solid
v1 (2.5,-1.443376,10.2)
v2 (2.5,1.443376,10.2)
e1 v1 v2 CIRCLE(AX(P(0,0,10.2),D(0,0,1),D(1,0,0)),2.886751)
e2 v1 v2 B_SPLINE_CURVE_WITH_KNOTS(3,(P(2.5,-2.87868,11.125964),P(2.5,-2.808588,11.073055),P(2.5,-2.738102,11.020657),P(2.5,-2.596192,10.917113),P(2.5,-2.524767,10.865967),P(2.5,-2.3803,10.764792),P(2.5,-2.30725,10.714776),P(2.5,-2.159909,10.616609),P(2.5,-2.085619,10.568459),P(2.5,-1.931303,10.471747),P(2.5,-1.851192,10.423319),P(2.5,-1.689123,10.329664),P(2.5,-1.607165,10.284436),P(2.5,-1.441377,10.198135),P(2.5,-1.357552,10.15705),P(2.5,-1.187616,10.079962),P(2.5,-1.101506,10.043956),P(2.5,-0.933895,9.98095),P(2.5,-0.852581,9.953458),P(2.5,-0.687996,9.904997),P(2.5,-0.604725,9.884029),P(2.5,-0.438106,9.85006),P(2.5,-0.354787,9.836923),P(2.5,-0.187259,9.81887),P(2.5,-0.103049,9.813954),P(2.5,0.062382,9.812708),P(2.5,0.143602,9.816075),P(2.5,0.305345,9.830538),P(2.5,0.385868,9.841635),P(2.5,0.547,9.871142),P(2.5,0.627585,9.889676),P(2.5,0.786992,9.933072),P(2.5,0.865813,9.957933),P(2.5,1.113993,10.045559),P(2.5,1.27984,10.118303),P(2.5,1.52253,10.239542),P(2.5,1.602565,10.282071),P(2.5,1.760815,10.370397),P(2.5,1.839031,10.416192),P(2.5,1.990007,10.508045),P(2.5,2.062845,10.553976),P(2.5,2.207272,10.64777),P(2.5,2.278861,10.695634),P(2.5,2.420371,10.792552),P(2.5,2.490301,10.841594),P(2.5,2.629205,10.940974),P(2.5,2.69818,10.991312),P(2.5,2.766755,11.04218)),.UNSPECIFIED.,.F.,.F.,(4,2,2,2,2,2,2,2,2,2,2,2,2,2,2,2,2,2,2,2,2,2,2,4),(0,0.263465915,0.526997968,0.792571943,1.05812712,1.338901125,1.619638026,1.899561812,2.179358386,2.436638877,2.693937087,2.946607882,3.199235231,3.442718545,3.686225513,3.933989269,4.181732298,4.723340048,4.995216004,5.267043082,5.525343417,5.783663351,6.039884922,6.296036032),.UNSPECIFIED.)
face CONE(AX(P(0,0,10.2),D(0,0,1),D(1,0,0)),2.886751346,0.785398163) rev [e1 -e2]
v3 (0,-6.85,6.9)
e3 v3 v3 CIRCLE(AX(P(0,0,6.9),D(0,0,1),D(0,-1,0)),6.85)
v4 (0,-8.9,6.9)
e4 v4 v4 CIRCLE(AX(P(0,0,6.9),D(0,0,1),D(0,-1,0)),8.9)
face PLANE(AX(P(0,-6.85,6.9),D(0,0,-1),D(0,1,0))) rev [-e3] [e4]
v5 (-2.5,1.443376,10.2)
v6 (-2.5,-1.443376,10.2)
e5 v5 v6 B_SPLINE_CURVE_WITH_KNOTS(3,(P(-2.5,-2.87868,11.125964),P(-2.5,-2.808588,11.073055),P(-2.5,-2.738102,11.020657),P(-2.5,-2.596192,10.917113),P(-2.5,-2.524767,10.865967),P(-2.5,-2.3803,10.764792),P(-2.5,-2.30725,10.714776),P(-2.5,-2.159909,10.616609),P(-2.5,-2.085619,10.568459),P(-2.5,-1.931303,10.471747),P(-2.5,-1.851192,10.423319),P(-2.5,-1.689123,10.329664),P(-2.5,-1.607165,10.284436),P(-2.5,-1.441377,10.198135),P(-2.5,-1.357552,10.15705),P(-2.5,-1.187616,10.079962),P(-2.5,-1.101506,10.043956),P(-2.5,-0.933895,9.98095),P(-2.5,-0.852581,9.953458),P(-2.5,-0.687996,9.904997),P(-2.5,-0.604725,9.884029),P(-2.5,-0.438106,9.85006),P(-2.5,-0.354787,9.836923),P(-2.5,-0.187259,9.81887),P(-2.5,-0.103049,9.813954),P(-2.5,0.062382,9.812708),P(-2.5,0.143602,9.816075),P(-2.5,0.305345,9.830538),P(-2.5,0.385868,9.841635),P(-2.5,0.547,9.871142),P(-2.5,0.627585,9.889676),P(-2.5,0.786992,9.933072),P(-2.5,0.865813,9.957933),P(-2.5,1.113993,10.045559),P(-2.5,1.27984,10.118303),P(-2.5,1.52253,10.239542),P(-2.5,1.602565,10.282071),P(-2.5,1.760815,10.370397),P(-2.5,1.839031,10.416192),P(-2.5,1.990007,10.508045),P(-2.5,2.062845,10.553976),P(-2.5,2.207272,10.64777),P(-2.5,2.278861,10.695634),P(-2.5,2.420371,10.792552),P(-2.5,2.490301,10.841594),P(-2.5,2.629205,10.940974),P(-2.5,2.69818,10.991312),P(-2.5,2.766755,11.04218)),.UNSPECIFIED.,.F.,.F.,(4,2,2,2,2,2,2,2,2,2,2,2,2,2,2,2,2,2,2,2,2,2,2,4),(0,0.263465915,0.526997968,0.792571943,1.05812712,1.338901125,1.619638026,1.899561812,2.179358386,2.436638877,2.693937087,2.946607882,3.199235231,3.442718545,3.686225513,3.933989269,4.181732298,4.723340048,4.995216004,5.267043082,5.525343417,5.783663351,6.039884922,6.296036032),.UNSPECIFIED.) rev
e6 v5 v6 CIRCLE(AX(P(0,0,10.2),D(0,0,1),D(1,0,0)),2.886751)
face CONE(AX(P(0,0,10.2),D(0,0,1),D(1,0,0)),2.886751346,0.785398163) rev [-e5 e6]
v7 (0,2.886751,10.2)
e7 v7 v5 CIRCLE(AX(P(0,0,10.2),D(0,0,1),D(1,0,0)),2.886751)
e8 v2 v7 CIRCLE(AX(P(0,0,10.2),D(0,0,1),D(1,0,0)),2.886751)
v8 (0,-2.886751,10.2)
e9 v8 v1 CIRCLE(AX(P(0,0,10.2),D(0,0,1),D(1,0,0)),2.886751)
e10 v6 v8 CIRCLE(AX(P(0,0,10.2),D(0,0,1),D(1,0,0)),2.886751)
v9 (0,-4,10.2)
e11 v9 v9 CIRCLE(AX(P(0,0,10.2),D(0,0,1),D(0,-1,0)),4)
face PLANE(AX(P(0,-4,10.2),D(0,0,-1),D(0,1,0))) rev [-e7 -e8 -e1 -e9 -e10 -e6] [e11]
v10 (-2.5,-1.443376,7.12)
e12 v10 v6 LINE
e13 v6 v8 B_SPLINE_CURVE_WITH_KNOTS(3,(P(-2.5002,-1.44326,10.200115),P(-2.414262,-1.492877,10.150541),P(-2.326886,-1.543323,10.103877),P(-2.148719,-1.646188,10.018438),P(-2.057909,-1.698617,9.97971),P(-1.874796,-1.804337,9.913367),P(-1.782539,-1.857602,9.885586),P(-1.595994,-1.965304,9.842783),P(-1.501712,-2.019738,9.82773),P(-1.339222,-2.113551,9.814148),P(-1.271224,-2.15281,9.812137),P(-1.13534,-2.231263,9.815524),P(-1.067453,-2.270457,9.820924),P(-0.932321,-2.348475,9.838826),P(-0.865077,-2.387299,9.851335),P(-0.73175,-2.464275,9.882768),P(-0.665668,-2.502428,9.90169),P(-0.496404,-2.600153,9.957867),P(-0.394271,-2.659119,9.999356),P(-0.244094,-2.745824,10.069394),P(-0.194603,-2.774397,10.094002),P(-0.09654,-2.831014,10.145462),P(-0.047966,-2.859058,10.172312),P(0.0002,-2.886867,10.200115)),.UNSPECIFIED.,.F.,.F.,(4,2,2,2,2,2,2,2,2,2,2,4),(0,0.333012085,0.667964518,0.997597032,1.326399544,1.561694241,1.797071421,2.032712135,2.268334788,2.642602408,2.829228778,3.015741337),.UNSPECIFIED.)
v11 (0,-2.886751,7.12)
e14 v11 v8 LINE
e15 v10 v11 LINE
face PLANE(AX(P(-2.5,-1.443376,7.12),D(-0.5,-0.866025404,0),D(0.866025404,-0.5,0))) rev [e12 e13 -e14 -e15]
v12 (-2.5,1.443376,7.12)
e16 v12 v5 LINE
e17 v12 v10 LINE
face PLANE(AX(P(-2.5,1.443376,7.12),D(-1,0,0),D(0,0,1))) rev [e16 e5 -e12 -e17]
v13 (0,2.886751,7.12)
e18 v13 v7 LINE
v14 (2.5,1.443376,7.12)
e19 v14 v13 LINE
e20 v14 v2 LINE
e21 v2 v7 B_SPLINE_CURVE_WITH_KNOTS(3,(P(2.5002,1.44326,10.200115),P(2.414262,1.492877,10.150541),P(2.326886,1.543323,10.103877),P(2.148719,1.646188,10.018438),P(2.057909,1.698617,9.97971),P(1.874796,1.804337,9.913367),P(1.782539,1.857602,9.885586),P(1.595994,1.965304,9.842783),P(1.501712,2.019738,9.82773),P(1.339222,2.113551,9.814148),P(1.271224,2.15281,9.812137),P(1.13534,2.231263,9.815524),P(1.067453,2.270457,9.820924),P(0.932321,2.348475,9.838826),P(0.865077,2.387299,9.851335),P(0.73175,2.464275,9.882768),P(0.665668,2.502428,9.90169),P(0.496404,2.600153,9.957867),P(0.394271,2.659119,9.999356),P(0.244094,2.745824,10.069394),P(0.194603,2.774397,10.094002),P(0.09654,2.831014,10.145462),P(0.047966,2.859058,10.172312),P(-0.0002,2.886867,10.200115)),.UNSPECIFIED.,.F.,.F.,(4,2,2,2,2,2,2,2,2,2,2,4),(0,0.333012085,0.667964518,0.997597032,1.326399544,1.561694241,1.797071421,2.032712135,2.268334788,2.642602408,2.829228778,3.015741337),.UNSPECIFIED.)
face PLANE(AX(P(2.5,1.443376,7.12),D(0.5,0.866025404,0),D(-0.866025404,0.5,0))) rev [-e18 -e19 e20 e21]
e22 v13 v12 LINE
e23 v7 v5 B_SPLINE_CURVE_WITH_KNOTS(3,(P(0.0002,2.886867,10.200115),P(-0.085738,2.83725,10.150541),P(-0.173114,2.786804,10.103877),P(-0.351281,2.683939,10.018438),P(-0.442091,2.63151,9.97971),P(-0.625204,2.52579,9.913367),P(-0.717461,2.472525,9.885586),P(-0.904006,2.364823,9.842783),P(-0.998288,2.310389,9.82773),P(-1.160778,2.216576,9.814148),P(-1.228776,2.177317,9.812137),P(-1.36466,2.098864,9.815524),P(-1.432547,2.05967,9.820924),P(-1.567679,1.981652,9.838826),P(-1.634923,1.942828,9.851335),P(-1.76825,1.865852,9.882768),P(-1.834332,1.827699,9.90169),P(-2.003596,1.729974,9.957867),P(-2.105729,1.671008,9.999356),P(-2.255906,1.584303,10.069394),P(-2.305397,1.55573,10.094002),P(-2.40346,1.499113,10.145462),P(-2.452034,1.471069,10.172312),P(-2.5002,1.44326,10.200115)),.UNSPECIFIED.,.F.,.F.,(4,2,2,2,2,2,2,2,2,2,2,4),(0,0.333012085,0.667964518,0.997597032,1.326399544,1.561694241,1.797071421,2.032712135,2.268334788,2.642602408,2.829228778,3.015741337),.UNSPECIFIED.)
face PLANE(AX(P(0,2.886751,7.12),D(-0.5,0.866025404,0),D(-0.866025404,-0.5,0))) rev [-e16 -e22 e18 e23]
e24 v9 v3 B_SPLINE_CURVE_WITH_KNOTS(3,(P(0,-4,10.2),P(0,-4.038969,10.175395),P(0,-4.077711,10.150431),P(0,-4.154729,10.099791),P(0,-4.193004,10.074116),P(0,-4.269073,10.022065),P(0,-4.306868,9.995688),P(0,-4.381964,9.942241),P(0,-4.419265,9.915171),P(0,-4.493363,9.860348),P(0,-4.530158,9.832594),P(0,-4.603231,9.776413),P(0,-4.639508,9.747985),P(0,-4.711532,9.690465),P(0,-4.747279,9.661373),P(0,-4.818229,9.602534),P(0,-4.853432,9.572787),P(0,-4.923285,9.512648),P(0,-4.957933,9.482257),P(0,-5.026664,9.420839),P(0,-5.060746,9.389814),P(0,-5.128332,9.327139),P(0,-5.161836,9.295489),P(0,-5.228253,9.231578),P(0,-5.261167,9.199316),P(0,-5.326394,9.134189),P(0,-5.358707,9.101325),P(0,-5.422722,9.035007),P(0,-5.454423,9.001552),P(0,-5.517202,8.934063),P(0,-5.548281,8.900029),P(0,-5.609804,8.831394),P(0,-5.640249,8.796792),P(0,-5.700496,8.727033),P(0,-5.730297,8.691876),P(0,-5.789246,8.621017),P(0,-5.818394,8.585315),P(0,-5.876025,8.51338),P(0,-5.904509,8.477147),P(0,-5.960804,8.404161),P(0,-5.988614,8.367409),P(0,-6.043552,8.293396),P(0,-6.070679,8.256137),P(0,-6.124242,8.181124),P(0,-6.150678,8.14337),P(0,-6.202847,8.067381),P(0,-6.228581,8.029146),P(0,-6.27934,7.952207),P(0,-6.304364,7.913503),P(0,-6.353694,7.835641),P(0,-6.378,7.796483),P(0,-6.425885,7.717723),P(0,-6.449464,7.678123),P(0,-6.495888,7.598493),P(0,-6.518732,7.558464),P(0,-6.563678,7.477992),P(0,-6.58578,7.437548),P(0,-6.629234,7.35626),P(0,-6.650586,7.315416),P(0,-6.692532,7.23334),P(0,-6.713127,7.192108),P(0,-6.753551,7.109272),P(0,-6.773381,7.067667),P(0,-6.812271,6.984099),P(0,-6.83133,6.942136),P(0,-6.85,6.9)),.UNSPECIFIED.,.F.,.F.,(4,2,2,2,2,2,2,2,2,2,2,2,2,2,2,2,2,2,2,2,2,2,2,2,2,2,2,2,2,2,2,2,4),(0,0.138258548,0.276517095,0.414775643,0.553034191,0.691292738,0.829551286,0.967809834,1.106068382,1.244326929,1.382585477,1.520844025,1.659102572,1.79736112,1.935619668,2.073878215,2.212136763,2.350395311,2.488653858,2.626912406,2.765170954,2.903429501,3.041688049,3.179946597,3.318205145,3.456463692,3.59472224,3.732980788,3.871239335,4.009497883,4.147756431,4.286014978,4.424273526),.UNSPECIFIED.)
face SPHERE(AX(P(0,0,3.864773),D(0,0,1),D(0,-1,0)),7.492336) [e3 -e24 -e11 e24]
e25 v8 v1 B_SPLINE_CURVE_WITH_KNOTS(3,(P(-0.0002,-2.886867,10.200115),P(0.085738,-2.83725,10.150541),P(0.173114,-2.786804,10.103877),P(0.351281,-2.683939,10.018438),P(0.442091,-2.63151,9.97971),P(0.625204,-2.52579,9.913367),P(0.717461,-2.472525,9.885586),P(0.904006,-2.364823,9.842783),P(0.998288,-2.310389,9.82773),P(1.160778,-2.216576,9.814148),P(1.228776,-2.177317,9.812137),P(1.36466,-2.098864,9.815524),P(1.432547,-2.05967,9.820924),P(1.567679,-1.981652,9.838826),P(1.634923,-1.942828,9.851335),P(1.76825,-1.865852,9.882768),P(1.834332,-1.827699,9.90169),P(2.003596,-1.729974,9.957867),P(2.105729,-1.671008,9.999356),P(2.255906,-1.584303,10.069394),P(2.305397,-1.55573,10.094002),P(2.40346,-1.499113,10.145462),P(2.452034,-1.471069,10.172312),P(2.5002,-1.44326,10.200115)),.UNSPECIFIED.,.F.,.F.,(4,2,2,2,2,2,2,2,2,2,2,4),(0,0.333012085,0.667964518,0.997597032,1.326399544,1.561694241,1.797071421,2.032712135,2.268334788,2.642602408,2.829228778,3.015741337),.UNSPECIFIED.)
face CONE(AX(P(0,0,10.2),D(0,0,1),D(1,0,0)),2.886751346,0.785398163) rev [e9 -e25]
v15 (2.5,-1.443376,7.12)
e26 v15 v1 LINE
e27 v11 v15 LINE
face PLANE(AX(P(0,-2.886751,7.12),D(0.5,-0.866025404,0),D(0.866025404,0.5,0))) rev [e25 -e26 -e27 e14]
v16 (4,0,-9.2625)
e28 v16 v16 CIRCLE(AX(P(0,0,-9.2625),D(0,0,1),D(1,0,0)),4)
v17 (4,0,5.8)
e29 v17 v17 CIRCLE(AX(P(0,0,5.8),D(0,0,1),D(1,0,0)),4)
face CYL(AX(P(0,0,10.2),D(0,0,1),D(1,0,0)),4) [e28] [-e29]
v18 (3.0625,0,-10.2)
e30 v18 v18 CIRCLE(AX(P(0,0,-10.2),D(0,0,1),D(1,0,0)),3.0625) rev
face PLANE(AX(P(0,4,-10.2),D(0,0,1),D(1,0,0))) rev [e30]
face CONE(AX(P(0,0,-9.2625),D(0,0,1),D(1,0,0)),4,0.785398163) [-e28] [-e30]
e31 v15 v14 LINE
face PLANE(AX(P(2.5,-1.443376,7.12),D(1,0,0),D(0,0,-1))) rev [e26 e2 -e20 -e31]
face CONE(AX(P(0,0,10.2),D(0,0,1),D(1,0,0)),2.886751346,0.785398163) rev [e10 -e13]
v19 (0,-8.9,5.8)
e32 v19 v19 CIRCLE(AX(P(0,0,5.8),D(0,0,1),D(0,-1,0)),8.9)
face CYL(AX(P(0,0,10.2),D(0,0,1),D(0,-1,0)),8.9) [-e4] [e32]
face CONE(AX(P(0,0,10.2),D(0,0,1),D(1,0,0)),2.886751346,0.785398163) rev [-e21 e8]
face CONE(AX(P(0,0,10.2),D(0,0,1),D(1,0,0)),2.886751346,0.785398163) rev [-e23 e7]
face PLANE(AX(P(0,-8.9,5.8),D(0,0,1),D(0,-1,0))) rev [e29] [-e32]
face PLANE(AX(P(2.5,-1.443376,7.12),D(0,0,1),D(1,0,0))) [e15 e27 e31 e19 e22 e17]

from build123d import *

# Parameters (mm, degrees)
SKETCH13_W         = 16
SKETCH13_H         = 4
CHAMFER1_SIZE      = 0.9375
CUT_EXTRUDE2_DEPTH = 3.08


with BuildPart() as part:
    # Sketch13 → Revolve1 (revolve)
    with BuildSketch(Plane(origin=(0, 0, 0), x_dir=(0, 0, -1), z_dir=(1, 0, 0))):
        with Locations((2.2, 2)):
            Rectangle(SKETCH13_W, SKETCH13_H)
    revolve(axis=Axis((0, 0, 10.2), (0, 0, -1)))

    # Chamfer1
    chamfer1_edges = [part.edges().sort_by_distance(p)[0] for p in [
        (0, -4, -10.2),
    ]]
    chamfer(chamfer1_edges, length=CHAMFER1_SIZE)

    # Sketch7 → Revolve2 (revolve)
    with BuildSketch(Plane(origin=(0, 0, 0), x_dir=(0, 0, -1), z_dir=(1, 0, 0))):
        with BuildLine():
            Line((-5.8, 6.85), (-5.8, 0))
            Line((-5.8, 0), (-10.2, 0))
            Line((-10.2, 0), (-10.2, 4))
            ThreePointArc((-10.2, 4), (-8.761912668, 5.670372563), (-6.9, 6.85))
            Line((-6.9, 6.85), (-6.9, 8.9))
            Line((-6.9, 8.9), (-5.8, 8.9))
            Line((-5.8, 8.9), (-5.8, 6.85))
        make_face()
    revolve(axis=Axis((0, 0, 10.2), (0, 0, -1)))

    # Sketch5 → Cut-Extrude2 (cut)
    with BuildSketch(Plane.XY.offset(10.2)):
        Polygon((2.5, -1.443375673), (2.5, 1.443375673), (0, 2.886751346), (-2.5, 1.443375673), (-2.5, -1.443375673), (0, -2.886751346), align=None)
    extrude(amount=-CUT_EXTRUDE2_DEPTH, mode=Mode.SUBTRACT)

    # Cut-Extrude3 cone 1 section (through the dimple's axis) → Cut-Extrude3 (revolve, cut)
    with BuildSketch(Plane(origin=(0, 0, 10.2), x_dir=(0, -1, 0), z_dir=(1, 0, 0))):
        Polygon((0, 0), (2.886751346, 0), (0, 2.886751346), align=None)
    revolve(axis=Axis((0, 0, 10.2), (0, 0, -1)), mode=Mode.SUBTRACT)


solid = part.part
